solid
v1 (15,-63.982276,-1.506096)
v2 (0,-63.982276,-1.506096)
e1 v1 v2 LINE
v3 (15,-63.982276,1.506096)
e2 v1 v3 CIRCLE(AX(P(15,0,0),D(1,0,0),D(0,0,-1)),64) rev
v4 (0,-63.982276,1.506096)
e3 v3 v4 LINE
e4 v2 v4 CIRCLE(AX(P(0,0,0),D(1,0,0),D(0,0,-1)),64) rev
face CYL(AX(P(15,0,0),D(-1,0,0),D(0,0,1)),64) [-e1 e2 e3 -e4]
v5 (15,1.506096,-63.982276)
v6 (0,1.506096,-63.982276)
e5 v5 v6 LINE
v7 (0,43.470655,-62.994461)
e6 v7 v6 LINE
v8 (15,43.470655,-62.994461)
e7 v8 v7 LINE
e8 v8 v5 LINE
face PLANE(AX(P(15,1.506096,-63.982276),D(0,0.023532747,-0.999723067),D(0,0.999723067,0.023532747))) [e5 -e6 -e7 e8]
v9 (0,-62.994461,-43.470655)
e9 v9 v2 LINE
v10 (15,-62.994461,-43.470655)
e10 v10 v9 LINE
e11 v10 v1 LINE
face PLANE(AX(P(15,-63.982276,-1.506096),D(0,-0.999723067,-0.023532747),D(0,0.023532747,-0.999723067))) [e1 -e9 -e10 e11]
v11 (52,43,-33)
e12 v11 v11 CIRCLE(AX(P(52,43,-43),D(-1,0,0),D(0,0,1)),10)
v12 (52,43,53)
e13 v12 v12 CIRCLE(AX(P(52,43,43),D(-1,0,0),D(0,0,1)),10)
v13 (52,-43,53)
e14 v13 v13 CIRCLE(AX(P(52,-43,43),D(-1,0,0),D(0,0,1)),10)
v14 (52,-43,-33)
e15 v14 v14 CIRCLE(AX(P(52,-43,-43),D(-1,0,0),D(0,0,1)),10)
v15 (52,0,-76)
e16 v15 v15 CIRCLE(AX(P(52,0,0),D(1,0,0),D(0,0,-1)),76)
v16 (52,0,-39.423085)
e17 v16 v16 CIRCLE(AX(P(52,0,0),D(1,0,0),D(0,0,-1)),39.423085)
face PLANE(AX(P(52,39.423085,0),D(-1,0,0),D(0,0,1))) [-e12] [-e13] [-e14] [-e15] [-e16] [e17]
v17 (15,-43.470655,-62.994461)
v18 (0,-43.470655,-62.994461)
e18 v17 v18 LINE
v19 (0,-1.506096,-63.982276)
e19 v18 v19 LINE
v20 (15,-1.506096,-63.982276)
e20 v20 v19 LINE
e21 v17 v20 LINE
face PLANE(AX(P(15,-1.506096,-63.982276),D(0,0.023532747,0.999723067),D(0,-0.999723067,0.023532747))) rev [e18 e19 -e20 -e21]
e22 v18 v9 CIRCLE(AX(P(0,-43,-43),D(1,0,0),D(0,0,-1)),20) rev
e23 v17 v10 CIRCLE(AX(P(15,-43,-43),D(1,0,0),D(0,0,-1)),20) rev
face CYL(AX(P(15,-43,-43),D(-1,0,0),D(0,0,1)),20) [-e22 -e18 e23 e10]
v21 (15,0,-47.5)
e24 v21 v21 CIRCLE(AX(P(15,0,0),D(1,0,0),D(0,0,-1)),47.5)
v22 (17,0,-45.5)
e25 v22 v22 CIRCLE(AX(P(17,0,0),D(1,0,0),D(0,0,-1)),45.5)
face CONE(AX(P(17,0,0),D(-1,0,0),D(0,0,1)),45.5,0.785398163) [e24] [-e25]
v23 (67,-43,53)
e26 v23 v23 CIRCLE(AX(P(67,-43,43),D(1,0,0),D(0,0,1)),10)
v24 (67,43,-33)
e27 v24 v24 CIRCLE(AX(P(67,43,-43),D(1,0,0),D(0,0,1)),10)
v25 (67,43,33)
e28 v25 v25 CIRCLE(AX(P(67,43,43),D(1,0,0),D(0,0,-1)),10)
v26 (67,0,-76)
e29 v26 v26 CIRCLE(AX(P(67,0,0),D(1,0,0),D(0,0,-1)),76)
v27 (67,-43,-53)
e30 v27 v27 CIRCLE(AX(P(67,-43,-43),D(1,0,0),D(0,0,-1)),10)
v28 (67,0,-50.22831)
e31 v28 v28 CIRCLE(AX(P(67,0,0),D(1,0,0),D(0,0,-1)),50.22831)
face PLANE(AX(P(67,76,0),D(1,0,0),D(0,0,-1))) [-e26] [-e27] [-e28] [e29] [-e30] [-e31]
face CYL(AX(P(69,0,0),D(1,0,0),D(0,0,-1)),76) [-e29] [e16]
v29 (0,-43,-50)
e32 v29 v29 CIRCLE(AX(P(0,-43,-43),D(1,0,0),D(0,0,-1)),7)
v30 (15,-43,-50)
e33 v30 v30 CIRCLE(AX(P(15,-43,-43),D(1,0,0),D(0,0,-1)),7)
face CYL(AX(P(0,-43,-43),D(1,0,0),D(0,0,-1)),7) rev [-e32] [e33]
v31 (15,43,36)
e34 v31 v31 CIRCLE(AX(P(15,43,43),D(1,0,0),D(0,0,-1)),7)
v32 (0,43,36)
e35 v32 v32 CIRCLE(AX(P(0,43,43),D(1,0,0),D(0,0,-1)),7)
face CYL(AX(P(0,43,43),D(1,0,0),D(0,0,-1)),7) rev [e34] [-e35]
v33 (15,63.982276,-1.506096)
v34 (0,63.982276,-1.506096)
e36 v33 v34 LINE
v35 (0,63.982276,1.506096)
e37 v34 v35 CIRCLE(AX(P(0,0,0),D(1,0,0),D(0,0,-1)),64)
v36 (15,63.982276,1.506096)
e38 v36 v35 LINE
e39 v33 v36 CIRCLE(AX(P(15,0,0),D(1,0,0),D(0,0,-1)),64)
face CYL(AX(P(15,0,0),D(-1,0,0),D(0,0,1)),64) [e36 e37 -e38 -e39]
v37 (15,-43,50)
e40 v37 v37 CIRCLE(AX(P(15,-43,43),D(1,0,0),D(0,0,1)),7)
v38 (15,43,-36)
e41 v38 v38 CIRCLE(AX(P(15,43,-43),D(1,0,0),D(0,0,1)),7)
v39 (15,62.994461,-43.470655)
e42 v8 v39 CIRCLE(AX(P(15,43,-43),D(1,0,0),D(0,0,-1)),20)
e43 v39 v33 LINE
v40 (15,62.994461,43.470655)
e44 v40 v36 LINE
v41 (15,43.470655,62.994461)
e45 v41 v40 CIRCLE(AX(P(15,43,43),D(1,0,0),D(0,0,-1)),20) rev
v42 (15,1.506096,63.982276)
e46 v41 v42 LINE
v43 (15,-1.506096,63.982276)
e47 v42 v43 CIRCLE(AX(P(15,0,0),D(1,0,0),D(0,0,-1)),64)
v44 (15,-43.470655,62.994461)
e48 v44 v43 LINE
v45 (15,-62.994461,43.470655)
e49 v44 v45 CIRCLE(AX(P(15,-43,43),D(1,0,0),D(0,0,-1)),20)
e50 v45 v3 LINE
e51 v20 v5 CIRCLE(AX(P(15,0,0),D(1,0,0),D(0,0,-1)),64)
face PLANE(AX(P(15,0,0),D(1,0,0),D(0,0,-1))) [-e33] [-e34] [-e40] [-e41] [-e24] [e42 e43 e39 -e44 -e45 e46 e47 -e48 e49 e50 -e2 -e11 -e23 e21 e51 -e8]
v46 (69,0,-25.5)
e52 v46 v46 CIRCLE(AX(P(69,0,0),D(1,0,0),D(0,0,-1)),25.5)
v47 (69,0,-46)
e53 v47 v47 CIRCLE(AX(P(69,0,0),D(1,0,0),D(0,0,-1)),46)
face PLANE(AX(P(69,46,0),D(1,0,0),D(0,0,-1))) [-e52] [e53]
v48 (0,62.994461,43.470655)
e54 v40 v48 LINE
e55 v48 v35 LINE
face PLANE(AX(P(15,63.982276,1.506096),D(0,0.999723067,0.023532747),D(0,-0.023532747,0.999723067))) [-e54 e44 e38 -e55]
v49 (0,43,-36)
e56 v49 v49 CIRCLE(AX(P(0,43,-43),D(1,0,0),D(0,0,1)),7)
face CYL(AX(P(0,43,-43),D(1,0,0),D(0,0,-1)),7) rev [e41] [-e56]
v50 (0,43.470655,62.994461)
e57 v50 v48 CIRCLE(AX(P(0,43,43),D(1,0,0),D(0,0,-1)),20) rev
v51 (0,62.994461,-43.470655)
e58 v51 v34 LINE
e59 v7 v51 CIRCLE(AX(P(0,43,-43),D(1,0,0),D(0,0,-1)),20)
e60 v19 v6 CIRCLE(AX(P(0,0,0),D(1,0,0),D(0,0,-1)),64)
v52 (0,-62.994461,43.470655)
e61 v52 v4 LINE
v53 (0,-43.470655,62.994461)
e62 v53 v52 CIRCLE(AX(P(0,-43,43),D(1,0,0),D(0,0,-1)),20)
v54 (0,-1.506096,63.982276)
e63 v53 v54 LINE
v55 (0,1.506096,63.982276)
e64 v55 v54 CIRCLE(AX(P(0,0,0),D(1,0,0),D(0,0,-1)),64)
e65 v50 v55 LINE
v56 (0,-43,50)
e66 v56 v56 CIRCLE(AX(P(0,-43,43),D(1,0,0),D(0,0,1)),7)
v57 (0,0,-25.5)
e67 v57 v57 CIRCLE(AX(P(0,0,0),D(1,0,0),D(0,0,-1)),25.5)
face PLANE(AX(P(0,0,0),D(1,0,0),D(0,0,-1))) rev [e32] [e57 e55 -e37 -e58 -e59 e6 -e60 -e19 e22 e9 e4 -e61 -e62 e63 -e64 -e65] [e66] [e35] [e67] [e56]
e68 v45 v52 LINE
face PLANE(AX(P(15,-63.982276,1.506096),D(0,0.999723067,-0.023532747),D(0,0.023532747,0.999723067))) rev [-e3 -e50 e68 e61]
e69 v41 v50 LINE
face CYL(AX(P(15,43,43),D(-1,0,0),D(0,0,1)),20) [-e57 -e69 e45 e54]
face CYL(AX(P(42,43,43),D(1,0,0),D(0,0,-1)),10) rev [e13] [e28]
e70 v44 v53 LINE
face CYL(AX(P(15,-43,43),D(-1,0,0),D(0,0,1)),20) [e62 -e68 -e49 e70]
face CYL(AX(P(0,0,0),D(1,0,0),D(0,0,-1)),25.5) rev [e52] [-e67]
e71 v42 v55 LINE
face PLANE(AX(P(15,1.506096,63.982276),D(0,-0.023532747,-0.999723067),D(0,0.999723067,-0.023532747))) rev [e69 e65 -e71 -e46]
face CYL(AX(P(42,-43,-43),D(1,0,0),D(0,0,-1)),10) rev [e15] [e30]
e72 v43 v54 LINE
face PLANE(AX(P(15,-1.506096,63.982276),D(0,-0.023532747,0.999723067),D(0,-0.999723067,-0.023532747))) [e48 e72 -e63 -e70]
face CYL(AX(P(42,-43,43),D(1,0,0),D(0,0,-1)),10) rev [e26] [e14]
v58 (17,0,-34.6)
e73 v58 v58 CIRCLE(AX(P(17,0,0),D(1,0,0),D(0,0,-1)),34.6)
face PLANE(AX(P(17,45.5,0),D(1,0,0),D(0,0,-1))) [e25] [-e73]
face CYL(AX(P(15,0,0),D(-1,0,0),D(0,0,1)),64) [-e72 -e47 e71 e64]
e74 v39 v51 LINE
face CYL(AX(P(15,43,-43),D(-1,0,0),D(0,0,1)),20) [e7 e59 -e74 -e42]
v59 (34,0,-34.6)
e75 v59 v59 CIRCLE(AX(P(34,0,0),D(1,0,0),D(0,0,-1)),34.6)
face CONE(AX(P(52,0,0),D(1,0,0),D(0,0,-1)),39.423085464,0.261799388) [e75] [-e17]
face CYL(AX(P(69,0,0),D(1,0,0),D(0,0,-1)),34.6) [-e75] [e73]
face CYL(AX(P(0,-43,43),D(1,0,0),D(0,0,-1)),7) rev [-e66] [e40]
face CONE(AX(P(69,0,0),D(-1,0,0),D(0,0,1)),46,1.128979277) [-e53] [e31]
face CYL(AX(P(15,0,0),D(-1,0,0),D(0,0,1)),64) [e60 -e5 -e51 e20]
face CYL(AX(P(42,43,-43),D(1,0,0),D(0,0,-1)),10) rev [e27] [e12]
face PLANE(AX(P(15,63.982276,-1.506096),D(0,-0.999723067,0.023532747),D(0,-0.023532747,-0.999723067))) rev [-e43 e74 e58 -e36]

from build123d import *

# Parameters (mm, degrees)
BOSS_EXTRUDE1_DEPTH = 15
SKETCH3_R           = 7
CUT_EXTRUDE1_DEPTH  = 15
SKETCH7_R           = 25.5
CUT_EXTRUDE2_DEPTH  = 128.72235513
SKETCH10_R          = 10
CUT_EXTRUDE3_DEPTH  = 25


with BuildPart() as part:
    # Sketch2 → Boss-Extrude1 (new body)
    with BuildSketch(Plane(origin=(0, 0, 0), x_dir=(0, 0, -1), z_dir=(1, 0, 0))):
        with BuildLine():
            Line((62.994461331, -43.470654948), (63.982276259, -1.506095834))
            ThreePointArc((63.982276259, -1.506095834), (64, 0), (63.982276259, 1.506095834))
            Line((63.982276259, 1.506095834), (62.994461331, 43.470654948))
            ThreePointArc((62.994461331, 43.470654948), (57.142135624, 57.142135624), (43.470654948, 62.994461331))
            Line((43.470654948, 62.994461331), (1.506095834, 63.982276259))
            ThreePointArc((1.506095834, 63.982276259), (0, 64), (-1.506095834, 63.982276259))
            Line((-1.506095834, 63.982276259), (-43.470654948, 62.994461331))
            ThreePointArc((-43.470654948, 62.994461331), (-57.142135624, 57.142135624), (-62.994461331, 43.470654948))
            Line((-62.994461331, 43.470654948), (-63.982276259, 1.506095834))
            ThreePointArc((-63.982276259, 1.506095834), (-64, 0), (-63.982276259, -1.506095834))
            Line((-63.982276259, -1.506095834), (-62.994461331, -43.470654948))
            ThreePointArc((-62.994461331, -43.470654948), (-57.142135624, -57.142135624), (-43.470654948, -62.994461331))
            Line((-43.470654948, -62.994461331), (-1.506095834, -63.982276259))
            ThreePointArc((-1.506095834, -63.982276259), (0, -64), (1.506095834, -63.982276259))
            Line((1.506095834, -63.982276259), (43.470654948, -62.994461331))
            ThreePointArc((43.470654948, -62.994461331), (57.142135624, -57.142135624), (62.994461331, -43.470654948))
        make_face()
    extrude(amount=BOSS_EXTRUDE1_DEPTH)

    # Sketch3 → Cut-Extrude1 (cut)
    with BuildSketch(Plane(origin=(15, 0, 0), x_dir=(0, 0, -1), z_dir=(1, 0, 0))):
        with Locations((-43, 43)):
            Circle(SKETCH3_R)
        with Locations(Location((43, 43, 0), (0, 0, 180))):
            Circle(SKETCH3_R)
        with Locations((43, -43)):
            Circle(SKETCH3_R)
        with Locations(Location((-43, -43, 0), (0, 0, 180))):
            Circle(SKETCH3_R)
    extrude(amount=-CUT_EXTRUDE1_DEPTH, mode=Mode.SUBTRACT)

    # Sketch4 → Revolve1 (revolve)
    with BuildSketch(Plane.XY, mode=Mode.PRIVATE) as revolve1_sk:
        Polygon((15, 0), (15, 47.5), (17, 45.5), (17, 34.6), (34, 34.6), (52, 39.423085464), (52, 76), (67, 76), (67, 50.228310139), (69, 46), (69, 0), align=None)
    revolve(revolve1_sk.sketch.rotate(Axis((69, 0, 0), (-1, 0, 0)), 90), axis=Axis((69, 0, 0), (-1, 0, 0)))

    # Sketch7 → Cut-Extrude2 (cut, through all)
    with BuildSketch(Plane(origin=(69, 0, 0), x_dir=(0, 0, -1), z_dir=(1, 0, 0))):
        Circle(SKETCH7_R)
    extrude(amount=-CUT_EXTRUDE2_DEPTH, mode=Mode.SUBTRACT)

    # Sketch10 → Cut-Extrude3 (cut)
    with BuildSketch(Plane(origin=(67, 0, 0), x_dir=(0, 0, -1), z_dir=(1, 0, 0))):
        with Locations((-43, 43)):
            Circle(SKETCH10_R)
        with Locations(Location((43, 43, 0), (0, 0, 180))):
            Circle(SKETCH10_R)
        with Locations((43, -43)):
            Circle(SKETCH10_R)
        with Locations(Location((-43, -43, 0), (0, 0, 180))):
            Circle(SKETCH10_R)
    extrude(amount=-CUT_EXTRUDE3_DEPTH, mode=Mode.SUBTRACT)


solid = part.part
